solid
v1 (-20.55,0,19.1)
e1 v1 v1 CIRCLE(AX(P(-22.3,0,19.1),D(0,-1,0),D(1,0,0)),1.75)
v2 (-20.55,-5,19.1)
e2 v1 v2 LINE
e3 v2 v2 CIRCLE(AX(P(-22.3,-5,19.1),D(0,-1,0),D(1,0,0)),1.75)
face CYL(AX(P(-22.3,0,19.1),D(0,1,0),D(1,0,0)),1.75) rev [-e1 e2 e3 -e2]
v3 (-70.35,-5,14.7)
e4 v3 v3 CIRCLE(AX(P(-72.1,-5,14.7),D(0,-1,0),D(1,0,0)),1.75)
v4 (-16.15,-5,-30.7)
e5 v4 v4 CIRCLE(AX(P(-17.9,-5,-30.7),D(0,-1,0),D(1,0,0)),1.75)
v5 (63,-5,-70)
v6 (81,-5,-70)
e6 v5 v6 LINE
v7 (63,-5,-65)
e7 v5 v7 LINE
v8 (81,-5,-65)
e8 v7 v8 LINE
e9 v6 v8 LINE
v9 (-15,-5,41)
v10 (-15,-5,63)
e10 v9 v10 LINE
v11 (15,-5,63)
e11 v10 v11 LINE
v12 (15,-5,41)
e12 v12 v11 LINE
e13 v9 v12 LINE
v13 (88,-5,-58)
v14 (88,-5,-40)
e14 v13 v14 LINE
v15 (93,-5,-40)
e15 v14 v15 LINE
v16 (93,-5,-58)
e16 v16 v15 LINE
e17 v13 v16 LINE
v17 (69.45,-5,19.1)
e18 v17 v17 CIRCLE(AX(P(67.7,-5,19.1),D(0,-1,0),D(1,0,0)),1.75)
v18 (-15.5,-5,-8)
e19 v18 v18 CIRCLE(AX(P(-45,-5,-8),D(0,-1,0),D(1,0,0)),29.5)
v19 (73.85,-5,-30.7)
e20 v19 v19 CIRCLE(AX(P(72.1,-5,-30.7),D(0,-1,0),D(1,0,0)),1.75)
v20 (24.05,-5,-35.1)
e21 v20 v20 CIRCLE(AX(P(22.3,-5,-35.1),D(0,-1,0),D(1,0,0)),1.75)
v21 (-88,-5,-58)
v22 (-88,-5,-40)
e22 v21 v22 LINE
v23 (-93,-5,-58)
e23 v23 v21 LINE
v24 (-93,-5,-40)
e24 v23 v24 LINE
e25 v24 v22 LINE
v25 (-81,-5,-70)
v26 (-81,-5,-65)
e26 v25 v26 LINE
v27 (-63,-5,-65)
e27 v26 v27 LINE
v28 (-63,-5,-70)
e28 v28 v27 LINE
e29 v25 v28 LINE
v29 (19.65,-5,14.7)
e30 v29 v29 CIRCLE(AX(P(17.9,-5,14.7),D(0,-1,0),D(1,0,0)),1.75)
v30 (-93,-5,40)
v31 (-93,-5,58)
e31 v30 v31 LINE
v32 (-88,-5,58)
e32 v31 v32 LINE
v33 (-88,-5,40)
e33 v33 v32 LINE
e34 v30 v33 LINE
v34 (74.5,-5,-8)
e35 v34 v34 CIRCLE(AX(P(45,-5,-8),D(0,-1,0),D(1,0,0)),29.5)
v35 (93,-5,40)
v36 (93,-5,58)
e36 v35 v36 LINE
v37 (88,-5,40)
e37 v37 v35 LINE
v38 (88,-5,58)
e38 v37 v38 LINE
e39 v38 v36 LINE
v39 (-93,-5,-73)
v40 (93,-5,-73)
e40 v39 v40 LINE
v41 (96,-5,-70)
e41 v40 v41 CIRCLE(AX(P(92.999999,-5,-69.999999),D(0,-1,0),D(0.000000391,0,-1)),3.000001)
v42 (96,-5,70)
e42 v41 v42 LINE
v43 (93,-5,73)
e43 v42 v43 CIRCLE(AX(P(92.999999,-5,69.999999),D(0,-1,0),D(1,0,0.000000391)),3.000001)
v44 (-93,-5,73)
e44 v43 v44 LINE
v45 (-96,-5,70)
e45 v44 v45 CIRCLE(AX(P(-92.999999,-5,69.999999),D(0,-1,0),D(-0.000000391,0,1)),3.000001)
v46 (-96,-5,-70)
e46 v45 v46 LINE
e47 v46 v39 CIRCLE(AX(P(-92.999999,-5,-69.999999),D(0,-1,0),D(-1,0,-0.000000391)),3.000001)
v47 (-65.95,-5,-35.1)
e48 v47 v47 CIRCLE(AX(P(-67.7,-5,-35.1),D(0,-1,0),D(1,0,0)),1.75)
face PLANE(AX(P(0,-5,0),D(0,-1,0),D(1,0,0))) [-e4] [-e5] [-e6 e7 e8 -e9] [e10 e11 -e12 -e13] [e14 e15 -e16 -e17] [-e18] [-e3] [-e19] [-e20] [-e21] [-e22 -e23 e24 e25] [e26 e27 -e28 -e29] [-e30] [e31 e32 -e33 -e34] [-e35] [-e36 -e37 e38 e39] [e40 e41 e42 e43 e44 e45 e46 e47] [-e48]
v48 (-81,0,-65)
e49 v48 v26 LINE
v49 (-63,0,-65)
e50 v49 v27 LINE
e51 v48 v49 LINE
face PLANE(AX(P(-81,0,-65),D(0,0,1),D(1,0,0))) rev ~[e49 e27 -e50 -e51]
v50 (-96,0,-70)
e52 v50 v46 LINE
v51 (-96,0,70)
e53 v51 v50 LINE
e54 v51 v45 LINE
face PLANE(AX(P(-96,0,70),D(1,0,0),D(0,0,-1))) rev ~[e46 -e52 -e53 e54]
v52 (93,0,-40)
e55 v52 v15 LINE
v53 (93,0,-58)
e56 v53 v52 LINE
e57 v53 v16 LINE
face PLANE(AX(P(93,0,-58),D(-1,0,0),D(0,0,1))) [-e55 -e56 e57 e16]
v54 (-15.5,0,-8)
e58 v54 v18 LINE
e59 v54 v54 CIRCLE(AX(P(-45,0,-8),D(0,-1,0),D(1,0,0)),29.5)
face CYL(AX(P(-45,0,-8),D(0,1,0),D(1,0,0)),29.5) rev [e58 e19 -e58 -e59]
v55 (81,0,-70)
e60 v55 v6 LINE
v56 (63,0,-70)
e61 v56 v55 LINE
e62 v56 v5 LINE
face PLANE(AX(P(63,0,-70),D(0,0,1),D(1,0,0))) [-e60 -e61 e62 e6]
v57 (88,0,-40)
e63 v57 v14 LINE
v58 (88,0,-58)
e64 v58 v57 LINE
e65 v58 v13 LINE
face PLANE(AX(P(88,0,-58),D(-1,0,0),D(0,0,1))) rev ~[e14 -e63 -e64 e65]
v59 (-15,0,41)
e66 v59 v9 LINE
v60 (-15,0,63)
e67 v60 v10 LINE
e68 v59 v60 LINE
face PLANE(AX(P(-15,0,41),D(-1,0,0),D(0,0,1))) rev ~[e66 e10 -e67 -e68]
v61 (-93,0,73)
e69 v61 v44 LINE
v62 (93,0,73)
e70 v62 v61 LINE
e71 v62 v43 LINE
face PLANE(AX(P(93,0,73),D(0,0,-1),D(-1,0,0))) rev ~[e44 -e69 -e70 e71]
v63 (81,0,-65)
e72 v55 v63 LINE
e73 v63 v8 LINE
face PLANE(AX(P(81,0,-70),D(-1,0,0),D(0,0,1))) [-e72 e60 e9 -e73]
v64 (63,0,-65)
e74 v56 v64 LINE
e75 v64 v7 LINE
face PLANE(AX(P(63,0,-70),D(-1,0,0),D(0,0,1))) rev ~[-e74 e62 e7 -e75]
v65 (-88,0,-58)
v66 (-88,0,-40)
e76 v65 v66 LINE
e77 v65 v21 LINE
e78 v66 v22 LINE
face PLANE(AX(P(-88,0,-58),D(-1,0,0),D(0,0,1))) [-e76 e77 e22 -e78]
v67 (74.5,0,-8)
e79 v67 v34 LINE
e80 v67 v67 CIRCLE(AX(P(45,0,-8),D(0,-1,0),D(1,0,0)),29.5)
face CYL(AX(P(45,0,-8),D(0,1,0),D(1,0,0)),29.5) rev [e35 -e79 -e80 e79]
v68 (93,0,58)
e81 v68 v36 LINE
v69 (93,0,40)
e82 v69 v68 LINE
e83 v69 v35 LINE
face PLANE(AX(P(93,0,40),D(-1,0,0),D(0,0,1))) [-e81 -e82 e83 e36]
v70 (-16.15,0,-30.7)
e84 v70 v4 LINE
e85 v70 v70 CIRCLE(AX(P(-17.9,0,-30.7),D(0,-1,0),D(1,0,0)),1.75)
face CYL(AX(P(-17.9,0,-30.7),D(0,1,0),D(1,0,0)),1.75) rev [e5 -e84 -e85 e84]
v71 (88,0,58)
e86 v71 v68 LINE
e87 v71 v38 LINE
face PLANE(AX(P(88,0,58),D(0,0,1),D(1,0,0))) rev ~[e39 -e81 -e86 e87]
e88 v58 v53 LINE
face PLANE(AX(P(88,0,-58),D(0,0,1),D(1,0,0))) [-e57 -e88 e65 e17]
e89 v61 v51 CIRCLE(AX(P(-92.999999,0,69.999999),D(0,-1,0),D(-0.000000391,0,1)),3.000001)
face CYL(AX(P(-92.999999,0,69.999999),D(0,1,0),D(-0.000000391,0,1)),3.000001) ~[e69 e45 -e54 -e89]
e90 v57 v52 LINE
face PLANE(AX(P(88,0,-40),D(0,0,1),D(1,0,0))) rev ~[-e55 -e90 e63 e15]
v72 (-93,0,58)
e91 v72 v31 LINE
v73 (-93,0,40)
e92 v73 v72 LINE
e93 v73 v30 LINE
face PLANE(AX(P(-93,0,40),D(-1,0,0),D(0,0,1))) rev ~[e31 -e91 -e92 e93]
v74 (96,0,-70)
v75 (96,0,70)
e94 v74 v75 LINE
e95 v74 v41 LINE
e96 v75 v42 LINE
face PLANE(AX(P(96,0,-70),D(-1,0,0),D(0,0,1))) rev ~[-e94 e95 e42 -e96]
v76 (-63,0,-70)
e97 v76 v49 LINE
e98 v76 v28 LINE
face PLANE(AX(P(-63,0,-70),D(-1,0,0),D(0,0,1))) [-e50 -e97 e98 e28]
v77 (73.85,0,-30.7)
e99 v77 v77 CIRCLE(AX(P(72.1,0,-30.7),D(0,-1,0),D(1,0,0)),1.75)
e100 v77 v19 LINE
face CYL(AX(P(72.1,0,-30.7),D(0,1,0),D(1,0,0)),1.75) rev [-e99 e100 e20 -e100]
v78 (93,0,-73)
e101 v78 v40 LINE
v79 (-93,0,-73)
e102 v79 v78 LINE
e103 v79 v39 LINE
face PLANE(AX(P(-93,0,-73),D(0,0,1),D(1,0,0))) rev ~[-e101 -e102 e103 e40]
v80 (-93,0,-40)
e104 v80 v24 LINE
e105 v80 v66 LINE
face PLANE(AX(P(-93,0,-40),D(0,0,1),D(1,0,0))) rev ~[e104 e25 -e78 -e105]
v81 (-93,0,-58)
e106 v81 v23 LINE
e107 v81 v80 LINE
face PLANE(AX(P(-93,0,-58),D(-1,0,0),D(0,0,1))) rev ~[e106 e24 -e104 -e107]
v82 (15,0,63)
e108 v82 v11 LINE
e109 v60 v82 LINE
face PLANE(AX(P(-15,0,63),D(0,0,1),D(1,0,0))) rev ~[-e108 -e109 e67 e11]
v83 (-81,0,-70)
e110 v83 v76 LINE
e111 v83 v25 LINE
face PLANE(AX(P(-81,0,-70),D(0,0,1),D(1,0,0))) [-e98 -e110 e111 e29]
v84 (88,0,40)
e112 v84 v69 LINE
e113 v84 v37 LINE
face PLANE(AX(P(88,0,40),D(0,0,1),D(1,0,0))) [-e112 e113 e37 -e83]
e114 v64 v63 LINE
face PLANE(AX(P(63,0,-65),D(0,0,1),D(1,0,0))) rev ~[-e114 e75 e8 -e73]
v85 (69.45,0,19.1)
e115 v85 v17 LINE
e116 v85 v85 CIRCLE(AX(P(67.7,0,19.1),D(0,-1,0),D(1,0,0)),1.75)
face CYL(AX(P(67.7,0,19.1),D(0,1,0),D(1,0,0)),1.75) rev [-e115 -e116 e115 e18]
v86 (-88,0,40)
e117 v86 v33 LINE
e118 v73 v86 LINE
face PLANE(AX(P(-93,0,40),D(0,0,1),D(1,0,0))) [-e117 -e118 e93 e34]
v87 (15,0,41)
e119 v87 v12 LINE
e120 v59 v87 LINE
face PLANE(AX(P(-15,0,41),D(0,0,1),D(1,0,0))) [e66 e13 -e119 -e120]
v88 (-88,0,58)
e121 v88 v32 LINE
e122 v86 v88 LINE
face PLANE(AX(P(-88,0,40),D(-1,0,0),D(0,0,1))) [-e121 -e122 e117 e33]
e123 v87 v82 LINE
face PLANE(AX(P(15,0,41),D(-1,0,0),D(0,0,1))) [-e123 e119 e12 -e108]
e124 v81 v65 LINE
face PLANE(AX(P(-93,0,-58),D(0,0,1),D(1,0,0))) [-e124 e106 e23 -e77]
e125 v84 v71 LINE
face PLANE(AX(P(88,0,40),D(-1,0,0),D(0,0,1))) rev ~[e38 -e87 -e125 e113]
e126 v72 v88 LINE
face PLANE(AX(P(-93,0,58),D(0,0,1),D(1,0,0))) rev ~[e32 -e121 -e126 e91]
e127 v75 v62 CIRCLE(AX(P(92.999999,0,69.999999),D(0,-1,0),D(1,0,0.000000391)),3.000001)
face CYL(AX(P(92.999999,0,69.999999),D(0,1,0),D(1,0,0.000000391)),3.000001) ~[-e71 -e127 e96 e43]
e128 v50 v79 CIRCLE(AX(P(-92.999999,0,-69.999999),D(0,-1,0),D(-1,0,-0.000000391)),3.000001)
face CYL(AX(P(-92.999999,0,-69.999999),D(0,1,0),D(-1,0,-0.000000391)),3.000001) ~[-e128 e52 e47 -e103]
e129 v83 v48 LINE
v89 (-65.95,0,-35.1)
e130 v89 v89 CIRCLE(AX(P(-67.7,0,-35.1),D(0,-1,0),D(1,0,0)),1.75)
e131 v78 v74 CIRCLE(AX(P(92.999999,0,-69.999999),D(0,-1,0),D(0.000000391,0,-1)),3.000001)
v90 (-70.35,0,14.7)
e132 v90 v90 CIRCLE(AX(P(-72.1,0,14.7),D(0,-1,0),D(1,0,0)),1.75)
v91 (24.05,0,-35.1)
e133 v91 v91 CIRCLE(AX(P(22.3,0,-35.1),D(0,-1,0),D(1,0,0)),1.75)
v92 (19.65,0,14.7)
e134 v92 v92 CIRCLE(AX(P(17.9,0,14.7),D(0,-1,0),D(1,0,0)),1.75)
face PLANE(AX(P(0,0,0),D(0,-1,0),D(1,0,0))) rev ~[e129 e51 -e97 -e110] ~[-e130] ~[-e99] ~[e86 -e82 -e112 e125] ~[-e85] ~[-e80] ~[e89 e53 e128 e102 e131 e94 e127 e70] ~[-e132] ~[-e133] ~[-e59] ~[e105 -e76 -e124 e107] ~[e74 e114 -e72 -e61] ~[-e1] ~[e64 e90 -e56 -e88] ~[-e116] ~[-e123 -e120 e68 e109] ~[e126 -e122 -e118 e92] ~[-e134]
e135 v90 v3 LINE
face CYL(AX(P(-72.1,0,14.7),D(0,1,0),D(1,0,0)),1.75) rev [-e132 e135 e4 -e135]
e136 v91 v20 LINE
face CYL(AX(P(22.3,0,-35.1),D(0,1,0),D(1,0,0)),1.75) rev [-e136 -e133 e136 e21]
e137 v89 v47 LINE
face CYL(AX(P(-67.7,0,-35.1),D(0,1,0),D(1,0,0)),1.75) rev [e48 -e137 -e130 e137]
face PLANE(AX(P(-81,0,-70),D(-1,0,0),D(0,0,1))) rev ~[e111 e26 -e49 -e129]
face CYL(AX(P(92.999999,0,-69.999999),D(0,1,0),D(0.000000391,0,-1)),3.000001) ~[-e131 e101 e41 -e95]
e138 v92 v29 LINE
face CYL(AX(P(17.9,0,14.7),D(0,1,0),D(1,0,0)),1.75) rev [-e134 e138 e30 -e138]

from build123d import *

# Parameters (mm, degrees)
F0_W     = 18
F0_H     = 5
F0_W_2   = 5
F0_H_2   = 18
F0_R     = 1.75
F0_R_2   = 29.5
F0_W_3   = 30
F0_H_3   = 22
F1_DEPTH = 5


with BuildPart() as f1:
    # F0 (on Front) → F1 (new body)
    with BuildSketch(Plane.XZ):
        with BuildLine():
            Line((93, 73), (-93, 73))
            ThreePointArc((-93, 73), (-95.12132, 72.12132), (-96, 70))
            Line((-96, 70), (-96, -70))
            ThreePointArc((-96, -70), (-95.12132, -72.12132), (-93, -73))
            Line((-93, -73), (93, -73))
            ThreePointArc((93, -73), (95.12132, -72.12132), (96, -70))
            Line((96, -70), (96, 70))
            ThreePointArc((96, 70), (95.12132, 72.12132), (93, 73))
        make_face()
        with Locations((-72, -67.5)):
            Rectangle(F0_W, F0_H, mode=Mode.SUBTRACT)
        with Locations((-90.5, -49)):
            Rectangle(F0_W_2, F0_H_2, mode=Mode.SUBTRACT)
        with Locations((-67.7, -35.1)):
            Circle(F0_R, mode=Mode.SUBTRACT)
        with Locations((-17.9, -30.7)):
            Circle(F0_R, mode=Mode.SUBTRACT)
        with Locations((-45, -8)):
            Circle(F0_R_2, mode=Mode.SUBTRACT)
        with Locations((72, -67.5)):
            Rectangle(F0_W, F0_H, mode=Mode.SUBTRACT)
        with Locations((90.5, -49)):
            Rectangle(F0_W_2, F0_H_2, mode=Mode.SUBTRACT)
        with Locations((22.3, -35.1)):
            Circle(F0_R, mode=Mode.SUBTRACT)
        with Locations((45, -8)):
            Circle(F0_R_2, mode=Mode.SUBTRACT)
        with Locations((72.1, -30.7)):
            Circle(F0_R, mode=Mode.SUBTRACT)
        with Locations((-72.1, 14.7)):
            Circle(F0_R, mode=Mode.SUBTRACT)
        with Locations((-22.3, 19.1)):
            Circle(F0_R, mode=Mode.SUBTRACT)
        with Locations((-90.5, 49)):
            Rectangle(F0_W_2, F0_H_2, mode=Mode.SUBTRACT)
        with Locations((-72, 67.5)):
            Rectangle(F0_W, F0_H, mode=Mode.SUBTRACT)
        with Locations((17.9, 14.7)):
            Circle(F0_R, mode=Mode.SUBTRACT)
        with Locations((67.7, 19.1)):
            Circle(F0_R, mode=Mode.SUBTRACT)
        with Locations((0, 52)):
            Rectangle(F0_W_3, F0_H_3, mode=Mode.SUBTRACT)
        with Locations((90.5, 49)):
            Rectangle(F0_W_2, F0_H_2, mode=Mode.SUBTRACT)
        with Locations((72, 67.5)):
            Rectangle(F0_W, F0_H, mode=Mode.SUBTRACT)
        with Locations((-72, 67.5)):
            Rectangle(F0_W, F0_H)
        with Locations((72, 67.5)):
            Rectangle(F0_W, F0_H)
    extrude(amount=F1_DEPTH)


solid = f1.part
